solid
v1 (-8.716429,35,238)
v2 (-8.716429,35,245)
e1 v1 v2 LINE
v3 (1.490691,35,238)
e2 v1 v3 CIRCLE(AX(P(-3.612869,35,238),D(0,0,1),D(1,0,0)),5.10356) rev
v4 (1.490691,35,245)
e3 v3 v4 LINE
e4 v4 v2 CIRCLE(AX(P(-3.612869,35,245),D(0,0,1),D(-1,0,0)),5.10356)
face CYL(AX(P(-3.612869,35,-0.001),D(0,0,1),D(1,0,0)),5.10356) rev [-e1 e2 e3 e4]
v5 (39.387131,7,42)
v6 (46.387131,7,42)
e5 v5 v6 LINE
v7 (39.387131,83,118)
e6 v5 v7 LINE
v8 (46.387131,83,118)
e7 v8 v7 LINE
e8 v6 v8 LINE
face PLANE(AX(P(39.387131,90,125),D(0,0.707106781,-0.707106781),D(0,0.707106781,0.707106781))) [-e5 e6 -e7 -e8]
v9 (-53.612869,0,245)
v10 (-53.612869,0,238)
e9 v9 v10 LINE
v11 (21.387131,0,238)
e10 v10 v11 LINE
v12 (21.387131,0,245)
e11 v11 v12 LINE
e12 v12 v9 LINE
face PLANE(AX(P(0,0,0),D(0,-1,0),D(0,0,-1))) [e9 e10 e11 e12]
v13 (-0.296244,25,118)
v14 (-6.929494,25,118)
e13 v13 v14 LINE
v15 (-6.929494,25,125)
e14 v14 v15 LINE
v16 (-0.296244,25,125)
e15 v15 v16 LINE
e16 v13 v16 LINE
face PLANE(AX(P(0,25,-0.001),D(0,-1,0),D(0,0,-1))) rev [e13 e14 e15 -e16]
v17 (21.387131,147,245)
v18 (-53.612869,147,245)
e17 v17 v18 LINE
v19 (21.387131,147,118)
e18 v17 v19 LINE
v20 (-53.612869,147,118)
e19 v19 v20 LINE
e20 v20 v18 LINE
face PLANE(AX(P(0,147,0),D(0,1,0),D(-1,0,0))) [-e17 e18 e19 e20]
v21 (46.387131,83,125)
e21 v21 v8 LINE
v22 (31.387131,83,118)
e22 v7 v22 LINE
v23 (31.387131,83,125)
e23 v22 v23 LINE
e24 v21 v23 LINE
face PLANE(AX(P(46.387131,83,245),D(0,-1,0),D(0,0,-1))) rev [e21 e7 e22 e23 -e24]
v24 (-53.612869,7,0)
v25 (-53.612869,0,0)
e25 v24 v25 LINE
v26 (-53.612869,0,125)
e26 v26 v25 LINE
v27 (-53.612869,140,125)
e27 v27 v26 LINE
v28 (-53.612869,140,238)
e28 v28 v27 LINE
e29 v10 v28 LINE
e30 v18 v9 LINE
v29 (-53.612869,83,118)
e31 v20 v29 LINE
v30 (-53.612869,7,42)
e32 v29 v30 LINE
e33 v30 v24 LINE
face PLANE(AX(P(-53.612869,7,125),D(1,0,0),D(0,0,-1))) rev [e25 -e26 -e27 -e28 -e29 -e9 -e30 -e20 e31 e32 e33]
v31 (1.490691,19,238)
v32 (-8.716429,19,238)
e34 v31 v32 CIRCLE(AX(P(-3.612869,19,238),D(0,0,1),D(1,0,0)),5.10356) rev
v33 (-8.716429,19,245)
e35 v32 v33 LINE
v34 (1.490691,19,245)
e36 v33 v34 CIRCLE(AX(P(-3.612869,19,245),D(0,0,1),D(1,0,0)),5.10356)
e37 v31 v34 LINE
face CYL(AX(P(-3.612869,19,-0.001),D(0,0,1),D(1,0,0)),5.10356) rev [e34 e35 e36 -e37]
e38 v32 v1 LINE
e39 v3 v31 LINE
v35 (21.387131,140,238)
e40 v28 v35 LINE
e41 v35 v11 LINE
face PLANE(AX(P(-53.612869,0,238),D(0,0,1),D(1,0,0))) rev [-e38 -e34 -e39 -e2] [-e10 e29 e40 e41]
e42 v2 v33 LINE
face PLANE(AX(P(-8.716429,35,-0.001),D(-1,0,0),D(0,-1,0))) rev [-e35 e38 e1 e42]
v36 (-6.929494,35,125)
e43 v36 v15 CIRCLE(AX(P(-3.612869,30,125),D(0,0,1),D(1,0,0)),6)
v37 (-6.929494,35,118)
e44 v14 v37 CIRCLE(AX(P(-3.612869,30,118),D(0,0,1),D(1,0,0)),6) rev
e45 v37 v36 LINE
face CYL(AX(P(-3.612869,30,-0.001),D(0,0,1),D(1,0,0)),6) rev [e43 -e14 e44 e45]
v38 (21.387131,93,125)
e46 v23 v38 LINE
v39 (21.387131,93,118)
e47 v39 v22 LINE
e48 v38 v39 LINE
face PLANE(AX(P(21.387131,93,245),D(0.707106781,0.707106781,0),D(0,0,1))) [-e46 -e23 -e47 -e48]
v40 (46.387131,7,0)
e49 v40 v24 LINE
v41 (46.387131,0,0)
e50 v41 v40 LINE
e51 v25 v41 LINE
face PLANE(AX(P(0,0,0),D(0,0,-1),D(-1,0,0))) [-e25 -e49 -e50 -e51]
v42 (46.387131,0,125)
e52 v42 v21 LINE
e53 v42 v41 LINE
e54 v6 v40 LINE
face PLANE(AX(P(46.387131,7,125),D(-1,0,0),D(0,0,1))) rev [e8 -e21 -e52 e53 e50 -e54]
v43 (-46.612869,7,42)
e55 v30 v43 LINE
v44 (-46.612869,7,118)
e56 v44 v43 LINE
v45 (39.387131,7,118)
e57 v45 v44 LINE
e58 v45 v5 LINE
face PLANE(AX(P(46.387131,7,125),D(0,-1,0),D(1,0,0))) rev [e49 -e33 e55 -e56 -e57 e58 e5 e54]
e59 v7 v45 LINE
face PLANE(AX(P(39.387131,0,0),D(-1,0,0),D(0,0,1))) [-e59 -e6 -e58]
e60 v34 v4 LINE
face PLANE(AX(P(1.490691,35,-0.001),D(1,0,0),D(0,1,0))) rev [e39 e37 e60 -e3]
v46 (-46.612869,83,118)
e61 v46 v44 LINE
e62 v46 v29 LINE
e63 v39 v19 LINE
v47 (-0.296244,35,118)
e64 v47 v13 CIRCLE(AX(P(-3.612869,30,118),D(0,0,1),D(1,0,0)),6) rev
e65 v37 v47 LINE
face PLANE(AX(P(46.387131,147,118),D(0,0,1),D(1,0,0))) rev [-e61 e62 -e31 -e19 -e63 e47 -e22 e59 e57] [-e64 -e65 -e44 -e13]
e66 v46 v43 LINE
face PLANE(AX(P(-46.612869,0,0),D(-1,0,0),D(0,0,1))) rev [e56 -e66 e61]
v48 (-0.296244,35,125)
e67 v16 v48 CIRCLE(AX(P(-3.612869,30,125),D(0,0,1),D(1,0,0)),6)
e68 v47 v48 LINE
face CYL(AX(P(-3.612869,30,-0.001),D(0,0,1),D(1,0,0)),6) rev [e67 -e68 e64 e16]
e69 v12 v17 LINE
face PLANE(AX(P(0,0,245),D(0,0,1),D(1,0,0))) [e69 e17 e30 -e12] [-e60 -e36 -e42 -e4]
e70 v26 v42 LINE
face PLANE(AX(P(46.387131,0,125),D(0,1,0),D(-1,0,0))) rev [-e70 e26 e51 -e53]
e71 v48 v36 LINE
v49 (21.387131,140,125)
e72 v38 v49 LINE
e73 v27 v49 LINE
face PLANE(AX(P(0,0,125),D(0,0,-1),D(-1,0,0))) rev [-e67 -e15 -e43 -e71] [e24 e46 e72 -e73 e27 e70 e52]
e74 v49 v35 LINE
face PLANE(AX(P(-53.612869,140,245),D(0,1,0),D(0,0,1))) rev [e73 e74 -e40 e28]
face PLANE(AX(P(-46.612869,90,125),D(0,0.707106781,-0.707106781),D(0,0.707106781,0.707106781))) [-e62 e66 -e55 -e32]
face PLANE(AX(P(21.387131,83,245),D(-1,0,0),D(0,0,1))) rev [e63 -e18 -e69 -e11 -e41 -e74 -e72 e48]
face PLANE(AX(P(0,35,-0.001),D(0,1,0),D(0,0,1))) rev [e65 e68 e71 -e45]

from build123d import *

# Parameters (mm, degrees)
SKETCH3_W           = 100
SKETCH3_H           = 7
BOSS_EXTRUDE3_DEPTH = 125
SKETCH4_W           = 100
SKETCH4_H           = 7
BOSS_EXTRUDE4_DEPTH = 140
CUT_EXTRUDE2_REACH  = 202.271
BOSS_EXTRUDE5_DEPTH = 7
BOSS_EXTRUDE6_DEPTH = 7
SKETCH8_W           = 100
SKETCH8_H           = 7
BOSS_EXTRUDE7_DEPTH = 120
SKETCH9_W           = 100
SKETCH9_H           = 7
BOSS_EXTRUDE8_DEPTH = 140
CUT_EXTRUDE3_REACH  = 292.703
SKETCH13_W          = 25
SKETCH13_H          = 64
CUT_EXTRUDE4_DEPTH  = 202.525034925
CHAMFER1_SIZE       = 10
CUT_EXTRUDE5_REACH  = 292.703
SKETCH15_W          = 25
SKETCH15_H          = 83


with BuildPart() as part:
    # Sketch3 → Boss-Extrude3 (new body)
    with BuildSketch(Plane.XY):
        with Locations((-3.612868806, 3.5)):
            Rectangle(SKETCH3_W, SKETCH3_H)
    extrude(amount=BOSS_EXTRUDE3_DEPTH)

    # Sketch4 → Boss-Extrude4 (add)
    with BuildSketch(Plane(origin=(0, 7, 0), x_dir=(1, 0, 0), z_dir=(0, 1, 0))):
        with Locations((-3.612868806, -121.5)):
            Rectangle(SKETCH4_W, SKETCH4_H)
    extrude(amount=BOSS_EXTRUDE4_DEPTH)

    # Sketch5 → Cut-Extrude2 (cut, up to next)
    with BuildSketch(Plane.XY.offset(125), mode=Mode.PRIVATE) as cut_extrude2_sk1:
        with BuildLine():
            ThreePointArc((2.387131194, 30), (1.673895268, 32.837274331), (-0.296244016, 35))
            Line((-0.296244016, 35), (-6.929493596, 35))
            ThreePointArc((-6.929493596, 35), (-9.612868806, 30), (-6.929493596, 25))
            Line((-6.929493596, 25), (-0.296244016, 25))
            ThreePointArc((-0.296244016, 25), (1.673895268, 27.162725669), (2.387131194, 30))
        make_face()
    cut_extrude2_tool1 = extrude(cut_extrude2_sk1.sketch, amount=-CUT_EXTRUDE2_REACH, mode=Mode.PRIVATE) & part.part
    add(cut_extrude2_tool1.solids().sort_by_distance((-3.612869, 30, 125))[0], mode=Mode.SUBTRACT)

    # Sketch6 → Boss-Extrude5 (add)
    with BuildSketch(Plane.ZY.offset(53.612868806)):
        Polygon((125, 0), (125, 90), (35, 0), align=None)
    extrude(amount=-BOSS_EXTRUDE5_DEPTH)

    # Sketch7 → Boss-Extrude6 (add)
    with BuildSketch(Plane(origin=(46.387131194, 0, 0), x_dir=(0, 0, -1), z_dir=(1, 0, 0))):
        Polygon((-125, 0), (-125, 90), (-35, 0), align=None)
    extrude(amount=-BOSS_EXTRUDE6_DEPTH)

    # Sketch8 → Boss-Extrude7 (add)
    with BuildSketch(Plane.XY.offset(125)):
        with Locations((-3.612868806, 143.5)):
            Rectangle(SKETCH8_W, SKETCH8_H)
    extrude(amount=BOSS_EXTRUDE7_DEPTH)

    # Sketch9 → Boss-Extrude8 (add)
    with BuildSketch(Plane.XZ.offset(-140)):
        with Locations((-3.612868806, 241.5)):
            Rectangle(SKETCH9_W, SKETCH9_H)
    extrude(amount=BOSS_EXTRUDE8_DEPTH)

    # Sketch10 → Cut-Extrude3 (cut, up to next)
    with BuildSketch(Plane.XY.offset(245), mode=Mode.PRIVATE) as cut_extrude3_sk1:
        with BuildLine():
            Line((-8.716428721, 35), (-8.716428721, 19))
            ThreePointArc((-8.716428721, 19), (-3.612868806, 13.896440085), (1.490691109, 19))
            Line((1.490691109, 19), (1.490691109, 35))
            ThreePointArc((1.490691109, 35), (-3.612868806, 40.103559915), (-8.716428721, 35))
        make_face()
    cut_extrude3_tool1 = extrude(cut_extrude3_sk1.sketch, amount=-CUT_EXTRUDE3_REACH, mode=Mode.PRIVATE) & part.part
    add(cut_extrude3_tool1.solids().sort_by_distance((-3.612869, 27, 245))[0], mode=Mode.SUBTRACT)

    # Sketch13 → Cut-Extrude4 (cut, through all)
    with BuildSketch(Plane(origin=(0, 0, 118), x_dir=(-1, 0, 0), z_dir=(0, 0, -1))):
        with Locations((-33.887131194, 115)):
            Rectangle(SKETCH13_W, SKETCH13_H)
    extrude(amount=-CUT_EXTRUDE4_DEPTH, mode=Mode.SUBTRACT)

    # Chamfer1
    chamfer1_edges = [part.edges().sort_by_distance(p)[0] for p in [
        (21.387131194, 83, 121.5),
    ]]
    chamfer(chamfer1_edges, length=CHAMFER1_SIZE)

    # Sketch15 → Cut-Extrude5 (cut, up to next)
    with BuildSketch(Plane.XY.offset(245), mode=Mode.PRIVATE) as cut_extrude5_sk1:
        with Locations((33.887131194, 41.5)):
            Rectangle(SKETCH15_W, SKETCH15_H)
    cut_extrude5_tool1 = extrude(cut_extrude5_sk1.sketch, amount=-CUT_EXTRUDE5_REACH, mode=Mode.PRIVATE) & part.part
    add(cut_extrude5_tool1.solids().sort_by_distance((33.887131, 41.5, 245))[0], mode=Mode.SUBTRACT)


solid = part.part
